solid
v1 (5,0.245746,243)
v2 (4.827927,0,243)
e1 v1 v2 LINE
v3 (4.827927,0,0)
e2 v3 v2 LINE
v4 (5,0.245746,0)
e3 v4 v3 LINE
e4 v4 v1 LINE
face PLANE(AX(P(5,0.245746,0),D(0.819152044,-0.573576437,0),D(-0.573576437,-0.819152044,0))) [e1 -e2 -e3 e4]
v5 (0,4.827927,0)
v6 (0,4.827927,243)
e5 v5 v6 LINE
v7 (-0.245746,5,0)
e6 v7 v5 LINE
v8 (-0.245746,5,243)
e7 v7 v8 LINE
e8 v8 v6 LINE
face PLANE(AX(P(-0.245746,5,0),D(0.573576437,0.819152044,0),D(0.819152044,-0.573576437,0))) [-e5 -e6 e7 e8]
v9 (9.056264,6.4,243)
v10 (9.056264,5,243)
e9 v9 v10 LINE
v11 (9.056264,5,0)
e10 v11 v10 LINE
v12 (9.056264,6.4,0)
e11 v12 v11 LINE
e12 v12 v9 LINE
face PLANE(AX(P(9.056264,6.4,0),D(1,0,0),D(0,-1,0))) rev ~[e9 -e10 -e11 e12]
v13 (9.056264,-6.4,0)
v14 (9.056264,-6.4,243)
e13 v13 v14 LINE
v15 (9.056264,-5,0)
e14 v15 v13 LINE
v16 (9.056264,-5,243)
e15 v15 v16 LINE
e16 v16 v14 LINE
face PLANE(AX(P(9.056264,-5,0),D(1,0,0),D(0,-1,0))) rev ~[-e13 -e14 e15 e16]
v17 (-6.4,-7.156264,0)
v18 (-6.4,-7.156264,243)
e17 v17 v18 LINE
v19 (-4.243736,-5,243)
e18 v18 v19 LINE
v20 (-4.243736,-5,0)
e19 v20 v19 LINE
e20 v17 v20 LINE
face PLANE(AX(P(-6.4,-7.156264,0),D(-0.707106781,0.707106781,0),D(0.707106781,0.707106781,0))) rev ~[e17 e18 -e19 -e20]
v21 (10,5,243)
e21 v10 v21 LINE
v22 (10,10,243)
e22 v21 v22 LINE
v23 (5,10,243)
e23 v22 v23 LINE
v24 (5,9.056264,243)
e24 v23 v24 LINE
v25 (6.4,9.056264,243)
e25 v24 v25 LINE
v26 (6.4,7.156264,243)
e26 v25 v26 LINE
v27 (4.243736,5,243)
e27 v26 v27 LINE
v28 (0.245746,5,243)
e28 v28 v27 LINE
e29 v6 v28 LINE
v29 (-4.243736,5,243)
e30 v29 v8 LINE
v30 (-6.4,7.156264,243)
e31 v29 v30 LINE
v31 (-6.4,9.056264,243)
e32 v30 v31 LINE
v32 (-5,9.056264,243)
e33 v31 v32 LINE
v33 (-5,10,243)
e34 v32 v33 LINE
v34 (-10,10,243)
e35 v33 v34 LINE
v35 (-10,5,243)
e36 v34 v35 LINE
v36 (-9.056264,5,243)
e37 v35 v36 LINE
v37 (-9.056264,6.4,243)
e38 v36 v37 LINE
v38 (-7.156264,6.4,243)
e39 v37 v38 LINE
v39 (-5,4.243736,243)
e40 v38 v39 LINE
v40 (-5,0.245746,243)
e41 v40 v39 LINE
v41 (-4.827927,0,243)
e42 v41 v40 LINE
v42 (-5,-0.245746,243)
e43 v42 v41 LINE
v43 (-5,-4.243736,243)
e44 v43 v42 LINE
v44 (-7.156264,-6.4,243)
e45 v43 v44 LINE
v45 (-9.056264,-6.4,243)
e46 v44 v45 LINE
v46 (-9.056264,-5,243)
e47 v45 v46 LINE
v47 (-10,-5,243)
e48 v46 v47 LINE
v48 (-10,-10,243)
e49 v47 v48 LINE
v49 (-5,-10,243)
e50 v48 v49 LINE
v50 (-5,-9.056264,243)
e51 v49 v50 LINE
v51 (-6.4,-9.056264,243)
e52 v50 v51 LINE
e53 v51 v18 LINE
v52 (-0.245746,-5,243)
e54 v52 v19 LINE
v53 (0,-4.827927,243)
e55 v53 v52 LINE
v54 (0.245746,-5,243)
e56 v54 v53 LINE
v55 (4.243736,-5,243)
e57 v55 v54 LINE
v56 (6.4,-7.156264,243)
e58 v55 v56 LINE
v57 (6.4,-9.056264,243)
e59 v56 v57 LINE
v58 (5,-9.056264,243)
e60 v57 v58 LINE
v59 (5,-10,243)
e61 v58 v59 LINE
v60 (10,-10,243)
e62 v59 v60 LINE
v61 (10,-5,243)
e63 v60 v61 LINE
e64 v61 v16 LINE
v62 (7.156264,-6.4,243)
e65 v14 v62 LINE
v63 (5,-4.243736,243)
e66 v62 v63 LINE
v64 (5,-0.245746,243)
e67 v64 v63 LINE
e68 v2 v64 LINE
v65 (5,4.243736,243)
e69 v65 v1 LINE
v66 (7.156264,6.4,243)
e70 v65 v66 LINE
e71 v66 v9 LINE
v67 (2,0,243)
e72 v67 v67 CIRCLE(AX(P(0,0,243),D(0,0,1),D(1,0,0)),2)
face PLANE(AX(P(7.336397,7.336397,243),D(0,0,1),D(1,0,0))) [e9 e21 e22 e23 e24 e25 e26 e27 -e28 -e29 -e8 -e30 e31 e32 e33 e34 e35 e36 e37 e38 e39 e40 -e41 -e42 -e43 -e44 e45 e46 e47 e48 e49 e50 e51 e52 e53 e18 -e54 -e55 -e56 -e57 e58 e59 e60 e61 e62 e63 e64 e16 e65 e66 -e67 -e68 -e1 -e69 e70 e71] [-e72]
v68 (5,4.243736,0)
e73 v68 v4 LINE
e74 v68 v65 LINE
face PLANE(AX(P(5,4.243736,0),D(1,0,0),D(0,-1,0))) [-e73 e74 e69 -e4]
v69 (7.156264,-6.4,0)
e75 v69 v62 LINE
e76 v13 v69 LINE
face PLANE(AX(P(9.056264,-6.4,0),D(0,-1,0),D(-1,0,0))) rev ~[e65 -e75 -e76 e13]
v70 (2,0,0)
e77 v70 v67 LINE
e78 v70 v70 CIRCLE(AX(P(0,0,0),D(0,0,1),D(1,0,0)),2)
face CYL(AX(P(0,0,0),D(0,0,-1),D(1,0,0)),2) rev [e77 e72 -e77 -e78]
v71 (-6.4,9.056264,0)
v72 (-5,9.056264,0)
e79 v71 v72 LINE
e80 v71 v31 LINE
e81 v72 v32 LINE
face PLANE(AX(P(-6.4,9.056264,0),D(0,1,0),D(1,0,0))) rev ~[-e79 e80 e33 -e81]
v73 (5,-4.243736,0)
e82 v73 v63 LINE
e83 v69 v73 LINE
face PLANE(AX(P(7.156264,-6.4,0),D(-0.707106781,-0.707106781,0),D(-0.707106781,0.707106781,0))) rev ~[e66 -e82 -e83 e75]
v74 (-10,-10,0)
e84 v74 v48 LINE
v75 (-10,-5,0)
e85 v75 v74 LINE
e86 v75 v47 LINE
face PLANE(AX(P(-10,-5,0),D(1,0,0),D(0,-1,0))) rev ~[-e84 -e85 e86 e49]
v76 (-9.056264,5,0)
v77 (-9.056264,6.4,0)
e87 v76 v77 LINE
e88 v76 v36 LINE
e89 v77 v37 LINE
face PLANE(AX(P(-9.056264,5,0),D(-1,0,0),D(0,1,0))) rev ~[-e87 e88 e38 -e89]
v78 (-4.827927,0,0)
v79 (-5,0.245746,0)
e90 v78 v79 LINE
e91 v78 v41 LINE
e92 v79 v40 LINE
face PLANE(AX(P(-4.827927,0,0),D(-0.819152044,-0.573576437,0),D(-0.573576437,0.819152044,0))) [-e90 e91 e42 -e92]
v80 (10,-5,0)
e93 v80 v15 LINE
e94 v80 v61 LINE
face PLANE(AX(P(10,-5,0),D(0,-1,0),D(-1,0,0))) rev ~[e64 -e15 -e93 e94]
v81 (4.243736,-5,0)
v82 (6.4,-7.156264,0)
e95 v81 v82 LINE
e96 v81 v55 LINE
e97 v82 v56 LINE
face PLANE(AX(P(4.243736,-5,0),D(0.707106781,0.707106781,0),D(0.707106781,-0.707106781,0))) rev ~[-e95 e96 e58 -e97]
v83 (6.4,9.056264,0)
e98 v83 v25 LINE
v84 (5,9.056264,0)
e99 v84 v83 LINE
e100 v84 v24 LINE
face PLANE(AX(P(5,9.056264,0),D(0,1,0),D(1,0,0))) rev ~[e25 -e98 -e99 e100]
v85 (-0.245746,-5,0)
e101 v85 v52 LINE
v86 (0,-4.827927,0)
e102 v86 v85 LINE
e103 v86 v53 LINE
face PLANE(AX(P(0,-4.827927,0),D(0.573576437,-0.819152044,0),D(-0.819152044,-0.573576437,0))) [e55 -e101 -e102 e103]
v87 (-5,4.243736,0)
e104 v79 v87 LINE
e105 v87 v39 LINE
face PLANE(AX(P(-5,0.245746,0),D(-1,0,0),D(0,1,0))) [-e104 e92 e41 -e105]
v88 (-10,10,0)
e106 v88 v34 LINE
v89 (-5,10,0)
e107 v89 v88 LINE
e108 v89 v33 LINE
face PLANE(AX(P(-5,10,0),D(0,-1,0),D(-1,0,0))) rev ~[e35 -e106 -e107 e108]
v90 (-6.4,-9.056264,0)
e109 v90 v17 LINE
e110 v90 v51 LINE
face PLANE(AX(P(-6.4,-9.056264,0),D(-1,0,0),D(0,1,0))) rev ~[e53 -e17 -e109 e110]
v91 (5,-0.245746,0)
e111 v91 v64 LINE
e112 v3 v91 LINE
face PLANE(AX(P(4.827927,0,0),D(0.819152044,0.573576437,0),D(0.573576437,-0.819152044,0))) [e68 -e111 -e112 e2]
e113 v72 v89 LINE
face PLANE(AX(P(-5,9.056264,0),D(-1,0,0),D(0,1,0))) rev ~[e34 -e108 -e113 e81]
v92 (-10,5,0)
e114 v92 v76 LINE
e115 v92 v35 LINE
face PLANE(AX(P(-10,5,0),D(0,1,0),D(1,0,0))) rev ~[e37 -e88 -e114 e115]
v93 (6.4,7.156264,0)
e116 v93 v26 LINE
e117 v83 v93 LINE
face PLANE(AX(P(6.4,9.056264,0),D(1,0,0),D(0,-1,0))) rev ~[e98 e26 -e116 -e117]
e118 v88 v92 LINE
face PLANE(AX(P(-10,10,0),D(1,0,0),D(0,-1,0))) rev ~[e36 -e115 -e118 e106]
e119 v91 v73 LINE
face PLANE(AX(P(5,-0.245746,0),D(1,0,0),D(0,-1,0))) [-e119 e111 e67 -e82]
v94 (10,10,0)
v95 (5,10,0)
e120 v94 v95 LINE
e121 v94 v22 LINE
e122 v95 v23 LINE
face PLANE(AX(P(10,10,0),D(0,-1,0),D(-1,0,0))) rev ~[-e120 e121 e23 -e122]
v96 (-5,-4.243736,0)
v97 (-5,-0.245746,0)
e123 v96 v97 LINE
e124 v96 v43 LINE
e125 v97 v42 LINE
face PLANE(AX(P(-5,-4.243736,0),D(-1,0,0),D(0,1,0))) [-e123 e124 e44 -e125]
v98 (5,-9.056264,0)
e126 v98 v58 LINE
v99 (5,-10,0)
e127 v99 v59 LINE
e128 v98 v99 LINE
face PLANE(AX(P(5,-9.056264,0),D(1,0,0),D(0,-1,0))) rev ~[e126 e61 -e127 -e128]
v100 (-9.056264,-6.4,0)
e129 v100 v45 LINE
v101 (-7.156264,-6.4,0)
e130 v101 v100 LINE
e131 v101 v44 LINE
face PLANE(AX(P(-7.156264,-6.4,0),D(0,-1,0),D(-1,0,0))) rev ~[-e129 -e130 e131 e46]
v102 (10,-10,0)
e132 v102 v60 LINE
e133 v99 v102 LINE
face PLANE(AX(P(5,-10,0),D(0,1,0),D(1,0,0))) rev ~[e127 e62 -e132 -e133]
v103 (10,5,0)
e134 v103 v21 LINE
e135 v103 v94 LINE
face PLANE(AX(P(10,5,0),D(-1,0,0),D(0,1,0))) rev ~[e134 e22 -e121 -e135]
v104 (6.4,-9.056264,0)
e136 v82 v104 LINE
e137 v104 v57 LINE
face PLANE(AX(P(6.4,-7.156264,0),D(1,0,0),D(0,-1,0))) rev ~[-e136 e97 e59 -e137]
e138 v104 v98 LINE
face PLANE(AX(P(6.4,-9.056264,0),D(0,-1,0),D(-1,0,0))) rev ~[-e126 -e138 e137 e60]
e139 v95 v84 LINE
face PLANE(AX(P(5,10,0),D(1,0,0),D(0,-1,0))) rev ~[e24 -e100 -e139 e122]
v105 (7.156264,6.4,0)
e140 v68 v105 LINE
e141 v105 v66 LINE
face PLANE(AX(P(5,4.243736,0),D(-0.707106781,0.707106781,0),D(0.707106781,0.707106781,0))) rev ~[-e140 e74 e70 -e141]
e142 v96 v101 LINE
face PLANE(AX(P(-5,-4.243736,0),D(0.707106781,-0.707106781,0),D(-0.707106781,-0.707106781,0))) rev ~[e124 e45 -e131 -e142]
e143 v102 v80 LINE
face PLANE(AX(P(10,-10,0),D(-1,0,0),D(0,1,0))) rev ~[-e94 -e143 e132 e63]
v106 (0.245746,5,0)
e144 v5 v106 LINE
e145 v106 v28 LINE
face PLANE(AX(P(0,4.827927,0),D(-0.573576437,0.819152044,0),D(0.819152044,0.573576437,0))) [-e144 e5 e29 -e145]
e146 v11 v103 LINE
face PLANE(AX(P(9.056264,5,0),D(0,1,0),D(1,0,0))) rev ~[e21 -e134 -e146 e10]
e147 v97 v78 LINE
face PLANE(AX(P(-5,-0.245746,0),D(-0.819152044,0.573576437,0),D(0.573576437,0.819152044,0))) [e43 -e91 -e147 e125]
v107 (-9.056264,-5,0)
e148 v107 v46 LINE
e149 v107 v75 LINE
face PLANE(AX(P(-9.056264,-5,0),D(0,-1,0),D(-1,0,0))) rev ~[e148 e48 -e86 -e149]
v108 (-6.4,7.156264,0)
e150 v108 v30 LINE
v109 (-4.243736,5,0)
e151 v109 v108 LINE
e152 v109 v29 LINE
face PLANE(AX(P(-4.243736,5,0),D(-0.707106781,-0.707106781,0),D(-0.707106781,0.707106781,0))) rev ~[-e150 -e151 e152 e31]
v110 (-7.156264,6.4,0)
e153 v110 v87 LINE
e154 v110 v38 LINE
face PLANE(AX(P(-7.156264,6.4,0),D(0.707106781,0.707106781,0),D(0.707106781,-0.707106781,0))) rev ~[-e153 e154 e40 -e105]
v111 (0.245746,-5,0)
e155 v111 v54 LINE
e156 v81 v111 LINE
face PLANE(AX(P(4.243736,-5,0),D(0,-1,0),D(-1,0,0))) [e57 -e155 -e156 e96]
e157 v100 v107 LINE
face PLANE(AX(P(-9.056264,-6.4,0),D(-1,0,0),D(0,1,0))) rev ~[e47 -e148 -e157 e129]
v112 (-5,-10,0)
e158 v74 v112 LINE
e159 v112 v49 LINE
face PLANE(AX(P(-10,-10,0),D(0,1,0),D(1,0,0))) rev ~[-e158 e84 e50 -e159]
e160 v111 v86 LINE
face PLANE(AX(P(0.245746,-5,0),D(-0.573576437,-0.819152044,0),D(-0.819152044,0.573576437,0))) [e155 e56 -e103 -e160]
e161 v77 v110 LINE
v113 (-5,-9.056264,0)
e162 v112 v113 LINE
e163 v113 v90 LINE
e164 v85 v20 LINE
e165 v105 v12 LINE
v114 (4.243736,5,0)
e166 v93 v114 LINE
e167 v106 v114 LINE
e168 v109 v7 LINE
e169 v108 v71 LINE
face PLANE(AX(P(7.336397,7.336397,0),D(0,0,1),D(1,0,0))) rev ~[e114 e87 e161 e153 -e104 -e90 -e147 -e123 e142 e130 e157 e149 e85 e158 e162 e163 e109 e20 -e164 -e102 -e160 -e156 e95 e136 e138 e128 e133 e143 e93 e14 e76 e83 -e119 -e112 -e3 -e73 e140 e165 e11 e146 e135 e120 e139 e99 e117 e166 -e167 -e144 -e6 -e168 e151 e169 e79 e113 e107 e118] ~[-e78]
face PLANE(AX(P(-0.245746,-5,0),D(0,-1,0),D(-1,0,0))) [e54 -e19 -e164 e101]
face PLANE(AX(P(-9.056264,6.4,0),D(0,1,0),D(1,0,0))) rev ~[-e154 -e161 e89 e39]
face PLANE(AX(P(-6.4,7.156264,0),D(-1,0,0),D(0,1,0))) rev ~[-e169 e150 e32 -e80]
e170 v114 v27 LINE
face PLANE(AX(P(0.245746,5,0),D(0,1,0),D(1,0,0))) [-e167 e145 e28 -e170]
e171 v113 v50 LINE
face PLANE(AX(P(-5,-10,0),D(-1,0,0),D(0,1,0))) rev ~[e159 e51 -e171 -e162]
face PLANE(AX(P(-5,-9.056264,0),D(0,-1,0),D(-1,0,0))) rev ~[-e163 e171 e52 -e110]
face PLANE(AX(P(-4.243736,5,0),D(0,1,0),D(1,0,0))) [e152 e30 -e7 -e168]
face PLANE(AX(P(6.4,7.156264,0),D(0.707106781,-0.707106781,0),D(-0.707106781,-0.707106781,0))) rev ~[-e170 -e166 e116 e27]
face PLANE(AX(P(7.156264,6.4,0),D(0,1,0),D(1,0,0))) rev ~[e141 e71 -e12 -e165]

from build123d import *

# Parameters (mm, degrees)
SKETCH1_R           = 2
BOSS_EXTRUDE1_DEPTH = 243


with BuildPart() as part:
    # Sketch1 → Boss-Extrude1 (new body)
    with BuildSketch(Plane.XY):
        Polygon((6.4, 7.156263811), (4.243736189, 5), (5, 5), (5, 4.243736189), (7.156263811, 6.4), (9.056263811, 6.4), (9.056263811, 5), (10, 5), (10, 10), (5, 10), (5, 9.056263811), (6.4, 9.056263811), align=None)
        Polygon((-5, 0.245745613), (-5, 5), (-0.245745613, 5), (0, 4.827927069), (0.245745613, 5), (5, 5), (5, 0.245745613), (4.827927069, 0), (5, -0.245745613), (5, -5), (0.245745613, -5), (0, -4.827927069), (-0.245745613, -5), (-5, -5), (-5, -0.245745613), (-4.827927069, 0), align=None)
        Circle(SKETCH1_R, mode=Mode.SUBTRACT)
        Polygon((-10, 10), (-10, 5), (-9.056263811, 5), (-9.056263811, 6.4), (-7.156263811, 6.4), (-5, 4.243736189), (-5, 5), (-4.243736189, 5), (-6.4, 7.156263811), (-6.4, 9.056263811), (-5, 9.056263811), (-5, 10), align=None)
        Polygon((-5, -5), (-5, -4.243736189), (-7.156263811, -6.4), (-9.056263811, -6.4), (-9.056263811, -5), (-10, -5), (-10, -10), (-5, -10), (-5, -9.056263811), (-6.4, -9.056263811), (-6.4, -7.156263811), (-4.243736189, -5), align=None)
        Polygon((5, -5), (4.243736189, -5), (6.4, -7.156263811), (6.4, -9.056263811), (5, -9.056263811), (5, -10), (10, -10), (10, -5), (9.056263811, -5), (9.056263811, -6.4), (7.156263811, -6.4), (5, -4.243736189), align=None)
    extrude(amount=BOSS_EXTRUDE1_DEPTH)


solid = part.part
